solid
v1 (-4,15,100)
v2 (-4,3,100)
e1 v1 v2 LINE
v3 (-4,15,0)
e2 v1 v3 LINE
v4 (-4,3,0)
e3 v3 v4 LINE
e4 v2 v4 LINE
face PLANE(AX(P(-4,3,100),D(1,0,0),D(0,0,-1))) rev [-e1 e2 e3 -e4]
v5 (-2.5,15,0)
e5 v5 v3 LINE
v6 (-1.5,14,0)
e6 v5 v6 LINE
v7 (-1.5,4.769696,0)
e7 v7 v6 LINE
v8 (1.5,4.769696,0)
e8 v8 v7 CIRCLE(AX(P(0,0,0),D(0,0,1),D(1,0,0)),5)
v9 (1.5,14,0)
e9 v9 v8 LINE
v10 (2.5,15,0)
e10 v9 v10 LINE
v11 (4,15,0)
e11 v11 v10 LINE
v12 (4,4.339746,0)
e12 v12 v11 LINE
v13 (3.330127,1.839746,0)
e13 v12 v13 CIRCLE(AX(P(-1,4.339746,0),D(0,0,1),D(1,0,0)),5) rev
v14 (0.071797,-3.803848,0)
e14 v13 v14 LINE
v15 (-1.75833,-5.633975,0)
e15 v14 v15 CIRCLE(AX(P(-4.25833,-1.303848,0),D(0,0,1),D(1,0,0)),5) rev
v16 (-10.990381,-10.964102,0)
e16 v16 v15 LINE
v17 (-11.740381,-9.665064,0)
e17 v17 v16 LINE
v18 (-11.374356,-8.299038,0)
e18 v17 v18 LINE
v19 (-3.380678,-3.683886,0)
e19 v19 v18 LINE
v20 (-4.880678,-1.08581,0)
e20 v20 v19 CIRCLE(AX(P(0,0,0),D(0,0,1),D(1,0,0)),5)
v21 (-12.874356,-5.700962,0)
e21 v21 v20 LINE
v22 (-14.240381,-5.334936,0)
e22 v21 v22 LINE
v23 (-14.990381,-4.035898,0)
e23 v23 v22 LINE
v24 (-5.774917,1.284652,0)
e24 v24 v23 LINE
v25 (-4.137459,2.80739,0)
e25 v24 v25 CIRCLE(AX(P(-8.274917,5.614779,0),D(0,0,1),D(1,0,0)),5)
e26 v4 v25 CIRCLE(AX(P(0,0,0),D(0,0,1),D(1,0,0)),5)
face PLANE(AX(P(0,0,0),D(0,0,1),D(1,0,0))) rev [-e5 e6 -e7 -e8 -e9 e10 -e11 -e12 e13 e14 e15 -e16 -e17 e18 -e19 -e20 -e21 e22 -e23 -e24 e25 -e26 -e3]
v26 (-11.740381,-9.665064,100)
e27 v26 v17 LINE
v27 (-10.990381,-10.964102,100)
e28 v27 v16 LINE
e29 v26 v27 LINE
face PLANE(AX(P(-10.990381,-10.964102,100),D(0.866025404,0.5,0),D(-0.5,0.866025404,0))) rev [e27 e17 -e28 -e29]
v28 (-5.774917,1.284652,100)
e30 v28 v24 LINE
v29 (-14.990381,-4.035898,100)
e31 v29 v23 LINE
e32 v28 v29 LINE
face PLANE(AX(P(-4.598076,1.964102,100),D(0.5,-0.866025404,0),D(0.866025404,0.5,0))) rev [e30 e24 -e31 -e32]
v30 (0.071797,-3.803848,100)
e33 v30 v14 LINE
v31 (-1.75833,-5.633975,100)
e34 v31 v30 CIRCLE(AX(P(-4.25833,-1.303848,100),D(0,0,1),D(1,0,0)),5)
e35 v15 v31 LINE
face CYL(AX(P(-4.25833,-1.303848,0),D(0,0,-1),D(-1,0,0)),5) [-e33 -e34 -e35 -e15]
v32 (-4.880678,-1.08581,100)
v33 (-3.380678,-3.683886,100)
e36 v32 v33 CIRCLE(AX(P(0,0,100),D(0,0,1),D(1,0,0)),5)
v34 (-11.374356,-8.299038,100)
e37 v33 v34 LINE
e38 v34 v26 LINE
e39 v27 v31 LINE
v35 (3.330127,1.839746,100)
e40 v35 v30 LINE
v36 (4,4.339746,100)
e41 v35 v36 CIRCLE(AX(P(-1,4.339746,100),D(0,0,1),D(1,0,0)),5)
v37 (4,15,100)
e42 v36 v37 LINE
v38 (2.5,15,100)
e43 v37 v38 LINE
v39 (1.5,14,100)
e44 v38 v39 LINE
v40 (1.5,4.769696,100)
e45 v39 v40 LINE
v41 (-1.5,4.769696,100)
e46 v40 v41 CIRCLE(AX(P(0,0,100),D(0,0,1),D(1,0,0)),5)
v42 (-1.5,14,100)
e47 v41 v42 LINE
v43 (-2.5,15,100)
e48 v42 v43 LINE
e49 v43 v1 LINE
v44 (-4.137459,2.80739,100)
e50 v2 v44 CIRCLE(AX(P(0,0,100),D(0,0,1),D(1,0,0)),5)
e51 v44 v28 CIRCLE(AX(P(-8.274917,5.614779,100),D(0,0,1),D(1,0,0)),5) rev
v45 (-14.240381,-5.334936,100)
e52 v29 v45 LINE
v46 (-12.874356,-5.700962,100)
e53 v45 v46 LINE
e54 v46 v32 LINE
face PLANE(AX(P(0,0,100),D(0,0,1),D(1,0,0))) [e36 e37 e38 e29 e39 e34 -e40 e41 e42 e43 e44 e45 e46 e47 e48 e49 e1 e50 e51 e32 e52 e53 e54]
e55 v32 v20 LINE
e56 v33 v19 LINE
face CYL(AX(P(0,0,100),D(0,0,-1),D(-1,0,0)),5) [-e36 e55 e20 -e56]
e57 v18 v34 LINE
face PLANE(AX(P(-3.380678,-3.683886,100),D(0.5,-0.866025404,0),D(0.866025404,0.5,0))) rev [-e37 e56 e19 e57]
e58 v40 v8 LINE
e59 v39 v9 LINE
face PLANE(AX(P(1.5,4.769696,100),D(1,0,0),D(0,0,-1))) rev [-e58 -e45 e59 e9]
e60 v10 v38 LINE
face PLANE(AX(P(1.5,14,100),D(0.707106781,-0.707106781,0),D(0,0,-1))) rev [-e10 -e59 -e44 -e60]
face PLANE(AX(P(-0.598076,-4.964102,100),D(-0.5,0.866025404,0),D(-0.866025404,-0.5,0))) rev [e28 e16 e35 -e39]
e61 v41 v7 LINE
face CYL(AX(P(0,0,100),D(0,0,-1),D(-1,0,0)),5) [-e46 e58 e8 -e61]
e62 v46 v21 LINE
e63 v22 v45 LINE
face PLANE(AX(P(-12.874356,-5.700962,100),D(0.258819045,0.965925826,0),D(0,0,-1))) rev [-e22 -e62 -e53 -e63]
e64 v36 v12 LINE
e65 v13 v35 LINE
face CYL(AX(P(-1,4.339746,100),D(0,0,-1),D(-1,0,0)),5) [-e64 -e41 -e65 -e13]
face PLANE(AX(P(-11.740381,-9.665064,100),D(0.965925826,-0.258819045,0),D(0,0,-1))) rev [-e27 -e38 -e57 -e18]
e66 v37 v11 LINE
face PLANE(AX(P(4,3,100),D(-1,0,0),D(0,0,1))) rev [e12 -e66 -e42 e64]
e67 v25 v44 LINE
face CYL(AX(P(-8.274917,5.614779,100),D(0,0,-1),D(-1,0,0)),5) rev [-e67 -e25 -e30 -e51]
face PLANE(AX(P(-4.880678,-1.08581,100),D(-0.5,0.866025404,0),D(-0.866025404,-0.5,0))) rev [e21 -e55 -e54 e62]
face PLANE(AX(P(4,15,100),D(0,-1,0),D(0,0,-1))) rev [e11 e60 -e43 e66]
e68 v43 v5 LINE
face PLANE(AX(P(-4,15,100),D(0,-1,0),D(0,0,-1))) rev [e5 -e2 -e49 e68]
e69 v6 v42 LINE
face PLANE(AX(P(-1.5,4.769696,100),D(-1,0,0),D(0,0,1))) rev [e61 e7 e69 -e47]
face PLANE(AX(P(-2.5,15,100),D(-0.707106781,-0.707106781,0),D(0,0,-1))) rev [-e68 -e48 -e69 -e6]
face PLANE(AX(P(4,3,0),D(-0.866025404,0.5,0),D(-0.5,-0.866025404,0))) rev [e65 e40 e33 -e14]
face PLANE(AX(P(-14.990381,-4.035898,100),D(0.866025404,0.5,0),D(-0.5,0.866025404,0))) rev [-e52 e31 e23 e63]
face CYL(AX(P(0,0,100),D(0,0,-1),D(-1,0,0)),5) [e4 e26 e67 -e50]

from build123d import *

# Parameters (mm, degrees)
EXTRUDE_1_DEPTH     = 100
CUT_EXTRUDE_2_DEPTH = 103.22383051
FILLET_2_R          = 5
CHAMFER_1_SIZE      = 1


with BuildPart() as part:
    # 草图2 → 凸台-拉伸1 (new body)
    with BuildSketch(Plane.XY):
        with BuildLine():
            Line((1.5, 4.769696007), (1.5, 15))
            Line((1.5, 15), (4, 15))
            Line((4, 15), (4, 3))
            ThreePointArc((4, 3), (4.330127019, -2.5), (-0.598076211, -4.964101615))
            Line((-0.598076211, -4.964101615), (-10.990381057, -10.964101615))
            Line((-10.990381057, -10.964101615), (-12.240381057, -8.799038106))
            Line((-12.240381057, -8.799038106), (-3.38067791, -3.683886109))
            ThreePointArc((-3.38067791, -3.683886109), (-4.330127019, -2.5), (-4.88067791, -1.085809898))
            Line((-4.88067791, -1.085809898), (-13.740381057, -6.200961894))
            Line((-13.740381057, -6.200961894), (-14.990381057, -4.035898385))
            Line((-14.990381057, -4.035898385), (-4.598076211, 1.964101615))
            ThreePointArc((-4.598076211, 1.964101615), (-4.330127019, 2.5), (-4, 3))
            Line((-4, 3), (-4, 15))
            Line((-4, 15), (-1.5, 15))
            Line((-1.5, 15), (-1.5, 4.769696007))
            ThreePointArc((-1.5, 4.769696007), (0, 5), (1.5, 4.769696007))
        make_face()
    extrude(amount=EXTRUDE_1_DEPTH)

    # 草图5 → 切除-拉伸2 (cut, through all)
    with BuildSketch(Plane.XY.offset(100)):
        with BuildLine():
            Line((4, 3), (-0.598076211, -4.964101615))
            ThreePointArc((-0.598076211, -4.964101615), (4.330127019, -2.5), (4, 3))
        make_face()
    extrude(amount=-CUT_EXTRUDE_2_DEPTH, mode=Mode.SUBTRACT)

    # 圆角2
    fillet_2_edges = [part.edges().sort_by_distance(p)[0] for p in [
        (4, 3, 50),
        (-0.598076211, -4.964101615, 50),
        (-4.598076211, 1.964101615, 50),
    ]]
    fillet(fillet_2_edges, radius=FILLET_2_R)

    # 倒角1
    chamfer_1_edges = [part.edges().sort_by_distance(p)[0] for p in [
        (-1.5, 15, 50),
        (1.5, 15, 50),
        (-12.240381057, -8.799038106, 50),
        (-13.740381057, -6.200961894, 50),
    ]]
    chamfer(chamfer_1_edges, length=CHAMFER_1_SIZE)


solid = part.part
